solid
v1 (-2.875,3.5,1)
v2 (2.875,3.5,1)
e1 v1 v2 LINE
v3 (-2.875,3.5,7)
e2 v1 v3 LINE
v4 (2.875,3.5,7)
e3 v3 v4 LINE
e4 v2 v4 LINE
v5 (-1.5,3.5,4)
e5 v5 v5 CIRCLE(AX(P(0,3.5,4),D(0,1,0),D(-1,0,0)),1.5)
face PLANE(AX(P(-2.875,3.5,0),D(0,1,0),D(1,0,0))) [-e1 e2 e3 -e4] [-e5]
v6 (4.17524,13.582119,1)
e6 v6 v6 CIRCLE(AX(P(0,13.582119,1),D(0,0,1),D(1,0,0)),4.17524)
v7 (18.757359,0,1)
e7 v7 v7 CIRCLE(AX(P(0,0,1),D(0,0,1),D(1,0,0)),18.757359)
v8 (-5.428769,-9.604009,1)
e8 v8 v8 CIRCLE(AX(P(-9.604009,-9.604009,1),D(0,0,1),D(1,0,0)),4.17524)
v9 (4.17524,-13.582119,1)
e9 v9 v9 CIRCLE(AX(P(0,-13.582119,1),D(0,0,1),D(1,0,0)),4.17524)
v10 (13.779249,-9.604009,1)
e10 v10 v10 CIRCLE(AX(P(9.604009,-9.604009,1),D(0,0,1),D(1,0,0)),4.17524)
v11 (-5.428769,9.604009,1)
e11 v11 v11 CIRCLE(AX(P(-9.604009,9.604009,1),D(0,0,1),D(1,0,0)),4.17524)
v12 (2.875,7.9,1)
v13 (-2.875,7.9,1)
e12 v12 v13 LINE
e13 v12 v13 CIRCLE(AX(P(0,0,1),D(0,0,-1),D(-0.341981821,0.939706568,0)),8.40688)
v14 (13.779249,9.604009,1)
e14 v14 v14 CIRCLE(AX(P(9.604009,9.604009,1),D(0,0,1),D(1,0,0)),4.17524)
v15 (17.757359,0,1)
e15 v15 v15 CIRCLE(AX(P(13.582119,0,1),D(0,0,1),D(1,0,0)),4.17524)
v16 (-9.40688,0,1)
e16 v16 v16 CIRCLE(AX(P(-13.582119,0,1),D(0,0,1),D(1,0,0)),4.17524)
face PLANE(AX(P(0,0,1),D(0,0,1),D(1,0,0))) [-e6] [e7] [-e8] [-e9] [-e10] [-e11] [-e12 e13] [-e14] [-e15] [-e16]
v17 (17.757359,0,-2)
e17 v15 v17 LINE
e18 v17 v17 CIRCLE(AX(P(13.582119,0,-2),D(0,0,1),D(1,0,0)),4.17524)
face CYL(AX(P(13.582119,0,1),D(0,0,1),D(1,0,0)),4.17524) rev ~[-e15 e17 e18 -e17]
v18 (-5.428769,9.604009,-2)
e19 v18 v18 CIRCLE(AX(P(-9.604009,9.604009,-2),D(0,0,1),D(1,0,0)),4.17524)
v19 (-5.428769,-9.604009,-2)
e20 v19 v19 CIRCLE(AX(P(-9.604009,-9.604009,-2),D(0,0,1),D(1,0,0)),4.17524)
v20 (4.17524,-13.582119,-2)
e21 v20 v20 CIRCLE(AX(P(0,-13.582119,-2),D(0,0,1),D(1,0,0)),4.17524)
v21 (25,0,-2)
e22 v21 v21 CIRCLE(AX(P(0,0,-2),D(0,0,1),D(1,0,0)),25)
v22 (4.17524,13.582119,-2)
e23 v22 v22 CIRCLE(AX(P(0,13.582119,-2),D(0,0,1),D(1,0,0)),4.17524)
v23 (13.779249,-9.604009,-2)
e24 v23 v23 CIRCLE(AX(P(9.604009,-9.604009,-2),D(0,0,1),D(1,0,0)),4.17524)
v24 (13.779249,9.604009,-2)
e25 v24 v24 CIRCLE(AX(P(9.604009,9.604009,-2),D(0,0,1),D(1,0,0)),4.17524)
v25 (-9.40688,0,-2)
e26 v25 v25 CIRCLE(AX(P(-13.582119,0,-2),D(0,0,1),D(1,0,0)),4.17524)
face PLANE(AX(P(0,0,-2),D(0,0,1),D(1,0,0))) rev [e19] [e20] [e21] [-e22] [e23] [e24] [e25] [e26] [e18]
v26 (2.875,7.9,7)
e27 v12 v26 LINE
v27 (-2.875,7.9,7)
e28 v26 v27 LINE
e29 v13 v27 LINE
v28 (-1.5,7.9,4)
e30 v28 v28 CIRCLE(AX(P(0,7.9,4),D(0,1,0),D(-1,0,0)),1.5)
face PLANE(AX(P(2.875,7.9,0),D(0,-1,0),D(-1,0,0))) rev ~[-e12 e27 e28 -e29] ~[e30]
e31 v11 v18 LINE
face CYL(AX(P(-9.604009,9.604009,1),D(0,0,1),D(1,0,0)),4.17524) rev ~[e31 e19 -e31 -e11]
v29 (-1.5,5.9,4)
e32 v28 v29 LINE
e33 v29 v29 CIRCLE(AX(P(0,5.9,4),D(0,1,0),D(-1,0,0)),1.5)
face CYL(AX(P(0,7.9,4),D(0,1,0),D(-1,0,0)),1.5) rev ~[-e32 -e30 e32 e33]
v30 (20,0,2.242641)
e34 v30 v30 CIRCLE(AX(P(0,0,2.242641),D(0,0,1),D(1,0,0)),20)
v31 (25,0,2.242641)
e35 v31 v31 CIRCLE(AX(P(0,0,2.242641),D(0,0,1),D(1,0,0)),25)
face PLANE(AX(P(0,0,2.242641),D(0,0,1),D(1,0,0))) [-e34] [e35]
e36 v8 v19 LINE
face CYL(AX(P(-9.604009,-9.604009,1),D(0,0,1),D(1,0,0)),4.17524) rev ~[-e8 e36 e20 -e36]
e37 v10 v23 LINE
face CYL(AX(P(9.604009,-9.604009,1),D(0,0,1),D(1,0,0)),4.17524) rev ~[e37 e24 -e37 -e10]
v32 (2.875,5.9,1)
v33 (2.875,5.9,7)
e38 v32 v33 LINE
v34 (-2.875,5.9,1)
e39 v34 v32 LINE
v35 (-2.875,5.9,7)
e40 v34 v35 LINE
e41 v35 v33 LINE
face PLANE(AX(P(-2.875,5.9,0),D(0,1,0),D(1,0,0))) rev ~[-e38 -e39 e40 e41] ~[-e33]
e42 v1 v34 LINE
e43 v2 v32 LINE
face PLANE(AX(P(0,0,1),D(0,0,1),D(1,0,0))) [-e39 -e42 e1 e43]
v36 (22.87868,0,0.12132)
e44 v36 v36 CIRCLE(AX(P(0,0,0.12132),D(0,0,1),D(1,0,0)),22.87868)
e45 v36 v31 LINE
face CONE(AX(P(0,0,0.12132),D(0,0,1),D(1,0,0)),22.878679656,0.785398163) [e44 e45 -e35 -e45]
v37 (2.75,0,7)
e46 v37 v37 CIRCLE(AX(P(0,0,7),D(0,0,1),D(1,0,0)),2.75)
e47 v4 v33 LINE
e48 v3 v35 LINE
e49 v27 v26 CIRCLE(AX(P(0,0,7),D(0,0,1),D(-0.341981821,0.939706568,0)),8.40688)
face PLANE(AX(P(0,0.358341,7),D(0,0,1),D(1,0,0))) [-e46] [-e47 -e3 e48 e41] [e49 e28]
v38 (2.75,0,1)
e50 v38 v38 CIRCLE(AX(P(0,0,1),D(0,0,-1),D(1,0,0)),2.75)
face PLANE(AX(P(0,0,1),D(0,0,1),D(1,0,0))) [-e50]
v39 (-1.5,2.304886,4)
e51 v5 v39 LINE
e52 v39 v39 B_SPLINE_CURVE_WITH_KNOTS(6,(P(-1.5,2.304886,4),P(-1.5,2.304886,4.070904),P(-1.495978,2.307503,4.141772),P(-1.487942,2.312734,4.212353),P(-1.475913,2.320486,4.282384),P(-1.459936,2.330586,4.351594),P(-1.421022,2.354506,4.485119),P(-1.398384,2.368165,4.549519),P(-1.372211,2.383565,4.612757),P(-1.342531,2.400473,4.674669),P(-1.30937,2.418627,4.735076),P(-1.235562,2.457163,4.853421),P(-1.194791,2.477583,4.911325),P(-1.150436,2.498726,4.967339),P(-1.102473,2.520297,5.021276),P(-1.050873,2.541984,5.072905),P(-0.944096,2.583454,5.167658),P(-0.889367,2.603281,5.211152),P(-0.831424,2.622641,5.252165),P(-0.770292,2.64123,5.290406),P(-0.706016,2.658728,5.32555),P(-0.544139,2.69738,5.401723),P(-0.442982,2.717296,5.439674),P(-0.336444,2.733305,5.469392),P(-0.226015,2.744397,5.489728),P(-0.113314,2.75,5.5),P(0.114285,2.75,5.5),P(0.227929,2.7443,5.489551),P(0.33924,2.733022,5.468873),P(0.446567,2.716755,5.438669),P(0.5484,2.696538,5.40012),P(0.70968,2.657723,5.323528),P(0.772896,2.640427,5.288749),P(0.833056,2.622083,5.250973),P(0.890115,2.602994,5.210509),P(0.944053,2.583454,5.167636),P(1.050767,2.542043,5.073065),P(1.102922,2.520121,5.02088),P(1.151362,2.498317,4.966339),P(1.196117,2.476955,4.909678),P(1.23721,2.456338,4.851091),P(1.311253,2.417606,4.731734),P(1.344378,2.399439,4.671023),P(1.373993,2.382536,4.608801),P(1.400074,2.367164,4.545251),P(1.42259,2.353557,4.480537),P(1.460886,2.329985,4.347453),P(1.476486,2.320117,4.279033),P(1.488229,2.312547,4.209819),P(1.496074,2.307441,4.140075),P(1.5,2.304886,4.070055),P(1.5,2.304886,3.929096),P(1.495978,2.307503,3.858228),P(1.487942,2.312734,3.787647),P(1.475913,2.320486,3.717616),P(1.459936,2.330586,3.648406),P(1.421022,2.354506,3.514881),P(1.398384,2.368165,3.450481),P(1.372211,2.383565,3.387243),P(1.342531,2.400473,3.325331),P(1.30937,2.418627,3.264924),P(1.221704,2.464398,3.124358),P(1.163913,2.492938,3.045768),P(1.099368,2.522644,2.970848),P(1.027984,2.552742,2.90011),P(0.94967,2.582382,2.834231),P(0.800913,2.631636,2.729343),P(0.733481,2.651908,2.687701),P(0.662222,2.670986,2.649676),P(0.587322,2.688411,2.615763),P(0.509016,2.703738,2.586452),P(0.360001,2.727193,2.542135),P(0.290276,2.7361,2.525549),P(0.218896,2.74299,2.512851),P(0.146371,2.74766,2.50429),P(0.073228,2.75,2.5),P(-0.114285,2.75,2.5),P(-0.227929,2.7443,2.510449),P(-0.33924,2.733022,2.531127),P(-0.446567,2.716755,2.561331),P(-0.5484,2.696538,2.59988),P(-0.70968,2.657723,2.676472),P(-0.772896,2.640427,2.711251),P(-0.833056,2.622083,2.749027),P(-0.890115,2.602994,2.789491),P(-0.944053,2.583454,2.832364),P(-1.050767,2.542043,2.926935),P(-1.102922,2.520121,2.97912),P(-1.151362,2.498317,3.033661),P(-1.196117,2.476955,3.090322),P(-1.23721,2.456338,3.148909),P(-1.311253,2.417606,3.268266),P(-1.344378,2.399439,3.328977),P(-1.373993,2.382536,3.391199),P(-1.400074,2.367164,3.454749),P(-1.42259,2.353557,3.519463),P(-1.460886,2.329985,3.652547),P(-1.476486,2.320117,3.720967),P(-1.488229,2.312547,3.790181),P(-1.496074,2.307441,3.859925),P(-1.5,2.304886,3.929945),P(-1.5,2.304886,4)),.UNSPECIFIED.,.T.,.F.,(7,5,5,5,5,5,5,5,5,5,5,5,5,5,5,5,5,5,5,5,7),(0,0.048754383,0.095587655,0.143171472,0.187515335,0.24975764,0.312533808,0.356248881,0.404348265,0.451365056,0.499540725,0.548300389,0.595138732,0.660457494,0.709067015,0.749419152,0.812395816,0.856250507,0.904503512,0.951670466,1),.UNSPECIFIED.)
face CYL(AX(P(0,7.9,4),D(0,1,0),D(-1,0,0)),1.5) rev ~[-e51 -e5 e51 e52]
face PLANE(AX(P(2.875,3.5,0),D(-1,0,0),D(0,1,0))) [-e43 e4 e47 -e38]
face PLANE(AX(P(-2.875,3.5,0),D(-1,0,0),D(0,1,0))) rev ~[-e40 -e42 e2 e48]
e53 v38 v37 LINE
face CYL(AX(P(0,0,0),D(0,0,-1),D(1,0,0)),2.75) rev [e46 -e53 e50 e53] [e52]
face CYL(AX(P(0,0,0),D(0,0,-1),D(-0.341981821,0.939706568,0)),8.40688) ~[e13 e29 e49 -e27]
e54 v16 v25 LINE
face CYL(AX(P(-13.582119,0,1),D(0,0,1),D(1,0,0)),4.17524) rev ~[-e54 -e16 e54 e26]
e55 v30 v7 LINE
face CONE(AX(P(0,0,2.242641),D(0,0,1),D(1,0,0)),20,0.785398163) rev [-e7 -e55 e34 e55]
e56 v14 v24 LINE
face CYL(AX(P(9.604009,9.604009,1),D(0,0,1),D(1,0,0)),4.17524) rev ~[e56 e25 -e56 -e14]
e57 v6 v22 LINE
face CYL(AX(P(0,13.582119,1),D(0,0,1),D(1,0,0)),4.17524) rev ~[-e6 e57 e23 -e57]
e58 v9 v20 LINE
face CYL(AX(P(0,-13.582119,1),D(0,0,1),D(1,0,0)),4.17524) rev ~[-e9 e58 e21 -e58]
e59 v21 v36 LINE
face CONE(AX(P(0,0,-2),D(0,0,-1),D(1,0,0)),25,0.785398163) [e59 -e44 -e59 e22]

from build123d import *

# Parameters (mm, degrees)
F0_R     = 2.75
F0_W     = 5.75
F0_H     = 2.4
F1_DEPTH = 7
F4_R     = 4.1752398448
F5_DEPTH = 3.001
F6_R     = 1.5
F7_DEPTH = 6.595113986


with BuildPart() as f1:
    # F0 (on Top) → F1 (new body)
    with BuildSketch(Plane.XY):
        with BuildLine():
            Line((2.875, 7.9), (-2.875, 7.9))
            ThreePointArc((-2.875, 7.9), (0, -8.4068796233), (2.875, 7.9))
        make_face()
        Circle(F0_R, mode=Mode.SUBTRACT)
        with Locations((0, 4.7)):
            Rectangle(F0_W, F0_H, mode=Mode.SUBTRACT)
    extrude(amount=F1_DEPTH)

    # F2 (on Front) → F3 (revolve)
    with BuildSketch(Plane.XZ):
        Polygon((0, 1), (0, 0), (0, -2), (25, -2), (22.8786796564, 0.1213203436), (25, 2.2426406871), (20, 2.2426406871), (18.7573593129, 1), align=None)
    revolve(axis=Axis((0, 0, -1), (0, 0, 1)))

    # F4 (on face) → F5 (cut, through all)
    with BuildSketch(Plane.XY.offset(1)):
        with Locations((13.5821194681, 0)):
            Circle(F4_R)
        with Locations((9.6040087788, -9.6040087788)):
            Circle(F4_R)
        with Locations((0, -13.5821194681)):
            Circle(F4_R)
        with Locations((-9.6040087788, -9.6040087788)):
            Circle(F4_R)
        with Locations((-13.5821194681, 0)):
            Circle(F4_R)
        with Locations((-9.6040087788, 9.6040087788)):
            Circle(F4_R)
        with Locations((0, 13.5821194681)):
            Circle(F4_R)
        with Locations((9.6040087788, 9.6040087788)):
            Circle(F4_R)
    extrude(amount=-F5_DEPTH, mode=Mode.SUBTRACT)

    # F6 (on face) → F7 (cut, up to face)
    with BuildSketch(Plane(origin=(0, 7.9, 0), x_dir=(-1, 0, 0), z_dir=(0, 1, 0))):
        with Locations((0, 4)):
            Circle(F6_R)
    extrude(amount=-F7_DEPTH, mode=Mode.SUBTRACT)


solid = f1.part
